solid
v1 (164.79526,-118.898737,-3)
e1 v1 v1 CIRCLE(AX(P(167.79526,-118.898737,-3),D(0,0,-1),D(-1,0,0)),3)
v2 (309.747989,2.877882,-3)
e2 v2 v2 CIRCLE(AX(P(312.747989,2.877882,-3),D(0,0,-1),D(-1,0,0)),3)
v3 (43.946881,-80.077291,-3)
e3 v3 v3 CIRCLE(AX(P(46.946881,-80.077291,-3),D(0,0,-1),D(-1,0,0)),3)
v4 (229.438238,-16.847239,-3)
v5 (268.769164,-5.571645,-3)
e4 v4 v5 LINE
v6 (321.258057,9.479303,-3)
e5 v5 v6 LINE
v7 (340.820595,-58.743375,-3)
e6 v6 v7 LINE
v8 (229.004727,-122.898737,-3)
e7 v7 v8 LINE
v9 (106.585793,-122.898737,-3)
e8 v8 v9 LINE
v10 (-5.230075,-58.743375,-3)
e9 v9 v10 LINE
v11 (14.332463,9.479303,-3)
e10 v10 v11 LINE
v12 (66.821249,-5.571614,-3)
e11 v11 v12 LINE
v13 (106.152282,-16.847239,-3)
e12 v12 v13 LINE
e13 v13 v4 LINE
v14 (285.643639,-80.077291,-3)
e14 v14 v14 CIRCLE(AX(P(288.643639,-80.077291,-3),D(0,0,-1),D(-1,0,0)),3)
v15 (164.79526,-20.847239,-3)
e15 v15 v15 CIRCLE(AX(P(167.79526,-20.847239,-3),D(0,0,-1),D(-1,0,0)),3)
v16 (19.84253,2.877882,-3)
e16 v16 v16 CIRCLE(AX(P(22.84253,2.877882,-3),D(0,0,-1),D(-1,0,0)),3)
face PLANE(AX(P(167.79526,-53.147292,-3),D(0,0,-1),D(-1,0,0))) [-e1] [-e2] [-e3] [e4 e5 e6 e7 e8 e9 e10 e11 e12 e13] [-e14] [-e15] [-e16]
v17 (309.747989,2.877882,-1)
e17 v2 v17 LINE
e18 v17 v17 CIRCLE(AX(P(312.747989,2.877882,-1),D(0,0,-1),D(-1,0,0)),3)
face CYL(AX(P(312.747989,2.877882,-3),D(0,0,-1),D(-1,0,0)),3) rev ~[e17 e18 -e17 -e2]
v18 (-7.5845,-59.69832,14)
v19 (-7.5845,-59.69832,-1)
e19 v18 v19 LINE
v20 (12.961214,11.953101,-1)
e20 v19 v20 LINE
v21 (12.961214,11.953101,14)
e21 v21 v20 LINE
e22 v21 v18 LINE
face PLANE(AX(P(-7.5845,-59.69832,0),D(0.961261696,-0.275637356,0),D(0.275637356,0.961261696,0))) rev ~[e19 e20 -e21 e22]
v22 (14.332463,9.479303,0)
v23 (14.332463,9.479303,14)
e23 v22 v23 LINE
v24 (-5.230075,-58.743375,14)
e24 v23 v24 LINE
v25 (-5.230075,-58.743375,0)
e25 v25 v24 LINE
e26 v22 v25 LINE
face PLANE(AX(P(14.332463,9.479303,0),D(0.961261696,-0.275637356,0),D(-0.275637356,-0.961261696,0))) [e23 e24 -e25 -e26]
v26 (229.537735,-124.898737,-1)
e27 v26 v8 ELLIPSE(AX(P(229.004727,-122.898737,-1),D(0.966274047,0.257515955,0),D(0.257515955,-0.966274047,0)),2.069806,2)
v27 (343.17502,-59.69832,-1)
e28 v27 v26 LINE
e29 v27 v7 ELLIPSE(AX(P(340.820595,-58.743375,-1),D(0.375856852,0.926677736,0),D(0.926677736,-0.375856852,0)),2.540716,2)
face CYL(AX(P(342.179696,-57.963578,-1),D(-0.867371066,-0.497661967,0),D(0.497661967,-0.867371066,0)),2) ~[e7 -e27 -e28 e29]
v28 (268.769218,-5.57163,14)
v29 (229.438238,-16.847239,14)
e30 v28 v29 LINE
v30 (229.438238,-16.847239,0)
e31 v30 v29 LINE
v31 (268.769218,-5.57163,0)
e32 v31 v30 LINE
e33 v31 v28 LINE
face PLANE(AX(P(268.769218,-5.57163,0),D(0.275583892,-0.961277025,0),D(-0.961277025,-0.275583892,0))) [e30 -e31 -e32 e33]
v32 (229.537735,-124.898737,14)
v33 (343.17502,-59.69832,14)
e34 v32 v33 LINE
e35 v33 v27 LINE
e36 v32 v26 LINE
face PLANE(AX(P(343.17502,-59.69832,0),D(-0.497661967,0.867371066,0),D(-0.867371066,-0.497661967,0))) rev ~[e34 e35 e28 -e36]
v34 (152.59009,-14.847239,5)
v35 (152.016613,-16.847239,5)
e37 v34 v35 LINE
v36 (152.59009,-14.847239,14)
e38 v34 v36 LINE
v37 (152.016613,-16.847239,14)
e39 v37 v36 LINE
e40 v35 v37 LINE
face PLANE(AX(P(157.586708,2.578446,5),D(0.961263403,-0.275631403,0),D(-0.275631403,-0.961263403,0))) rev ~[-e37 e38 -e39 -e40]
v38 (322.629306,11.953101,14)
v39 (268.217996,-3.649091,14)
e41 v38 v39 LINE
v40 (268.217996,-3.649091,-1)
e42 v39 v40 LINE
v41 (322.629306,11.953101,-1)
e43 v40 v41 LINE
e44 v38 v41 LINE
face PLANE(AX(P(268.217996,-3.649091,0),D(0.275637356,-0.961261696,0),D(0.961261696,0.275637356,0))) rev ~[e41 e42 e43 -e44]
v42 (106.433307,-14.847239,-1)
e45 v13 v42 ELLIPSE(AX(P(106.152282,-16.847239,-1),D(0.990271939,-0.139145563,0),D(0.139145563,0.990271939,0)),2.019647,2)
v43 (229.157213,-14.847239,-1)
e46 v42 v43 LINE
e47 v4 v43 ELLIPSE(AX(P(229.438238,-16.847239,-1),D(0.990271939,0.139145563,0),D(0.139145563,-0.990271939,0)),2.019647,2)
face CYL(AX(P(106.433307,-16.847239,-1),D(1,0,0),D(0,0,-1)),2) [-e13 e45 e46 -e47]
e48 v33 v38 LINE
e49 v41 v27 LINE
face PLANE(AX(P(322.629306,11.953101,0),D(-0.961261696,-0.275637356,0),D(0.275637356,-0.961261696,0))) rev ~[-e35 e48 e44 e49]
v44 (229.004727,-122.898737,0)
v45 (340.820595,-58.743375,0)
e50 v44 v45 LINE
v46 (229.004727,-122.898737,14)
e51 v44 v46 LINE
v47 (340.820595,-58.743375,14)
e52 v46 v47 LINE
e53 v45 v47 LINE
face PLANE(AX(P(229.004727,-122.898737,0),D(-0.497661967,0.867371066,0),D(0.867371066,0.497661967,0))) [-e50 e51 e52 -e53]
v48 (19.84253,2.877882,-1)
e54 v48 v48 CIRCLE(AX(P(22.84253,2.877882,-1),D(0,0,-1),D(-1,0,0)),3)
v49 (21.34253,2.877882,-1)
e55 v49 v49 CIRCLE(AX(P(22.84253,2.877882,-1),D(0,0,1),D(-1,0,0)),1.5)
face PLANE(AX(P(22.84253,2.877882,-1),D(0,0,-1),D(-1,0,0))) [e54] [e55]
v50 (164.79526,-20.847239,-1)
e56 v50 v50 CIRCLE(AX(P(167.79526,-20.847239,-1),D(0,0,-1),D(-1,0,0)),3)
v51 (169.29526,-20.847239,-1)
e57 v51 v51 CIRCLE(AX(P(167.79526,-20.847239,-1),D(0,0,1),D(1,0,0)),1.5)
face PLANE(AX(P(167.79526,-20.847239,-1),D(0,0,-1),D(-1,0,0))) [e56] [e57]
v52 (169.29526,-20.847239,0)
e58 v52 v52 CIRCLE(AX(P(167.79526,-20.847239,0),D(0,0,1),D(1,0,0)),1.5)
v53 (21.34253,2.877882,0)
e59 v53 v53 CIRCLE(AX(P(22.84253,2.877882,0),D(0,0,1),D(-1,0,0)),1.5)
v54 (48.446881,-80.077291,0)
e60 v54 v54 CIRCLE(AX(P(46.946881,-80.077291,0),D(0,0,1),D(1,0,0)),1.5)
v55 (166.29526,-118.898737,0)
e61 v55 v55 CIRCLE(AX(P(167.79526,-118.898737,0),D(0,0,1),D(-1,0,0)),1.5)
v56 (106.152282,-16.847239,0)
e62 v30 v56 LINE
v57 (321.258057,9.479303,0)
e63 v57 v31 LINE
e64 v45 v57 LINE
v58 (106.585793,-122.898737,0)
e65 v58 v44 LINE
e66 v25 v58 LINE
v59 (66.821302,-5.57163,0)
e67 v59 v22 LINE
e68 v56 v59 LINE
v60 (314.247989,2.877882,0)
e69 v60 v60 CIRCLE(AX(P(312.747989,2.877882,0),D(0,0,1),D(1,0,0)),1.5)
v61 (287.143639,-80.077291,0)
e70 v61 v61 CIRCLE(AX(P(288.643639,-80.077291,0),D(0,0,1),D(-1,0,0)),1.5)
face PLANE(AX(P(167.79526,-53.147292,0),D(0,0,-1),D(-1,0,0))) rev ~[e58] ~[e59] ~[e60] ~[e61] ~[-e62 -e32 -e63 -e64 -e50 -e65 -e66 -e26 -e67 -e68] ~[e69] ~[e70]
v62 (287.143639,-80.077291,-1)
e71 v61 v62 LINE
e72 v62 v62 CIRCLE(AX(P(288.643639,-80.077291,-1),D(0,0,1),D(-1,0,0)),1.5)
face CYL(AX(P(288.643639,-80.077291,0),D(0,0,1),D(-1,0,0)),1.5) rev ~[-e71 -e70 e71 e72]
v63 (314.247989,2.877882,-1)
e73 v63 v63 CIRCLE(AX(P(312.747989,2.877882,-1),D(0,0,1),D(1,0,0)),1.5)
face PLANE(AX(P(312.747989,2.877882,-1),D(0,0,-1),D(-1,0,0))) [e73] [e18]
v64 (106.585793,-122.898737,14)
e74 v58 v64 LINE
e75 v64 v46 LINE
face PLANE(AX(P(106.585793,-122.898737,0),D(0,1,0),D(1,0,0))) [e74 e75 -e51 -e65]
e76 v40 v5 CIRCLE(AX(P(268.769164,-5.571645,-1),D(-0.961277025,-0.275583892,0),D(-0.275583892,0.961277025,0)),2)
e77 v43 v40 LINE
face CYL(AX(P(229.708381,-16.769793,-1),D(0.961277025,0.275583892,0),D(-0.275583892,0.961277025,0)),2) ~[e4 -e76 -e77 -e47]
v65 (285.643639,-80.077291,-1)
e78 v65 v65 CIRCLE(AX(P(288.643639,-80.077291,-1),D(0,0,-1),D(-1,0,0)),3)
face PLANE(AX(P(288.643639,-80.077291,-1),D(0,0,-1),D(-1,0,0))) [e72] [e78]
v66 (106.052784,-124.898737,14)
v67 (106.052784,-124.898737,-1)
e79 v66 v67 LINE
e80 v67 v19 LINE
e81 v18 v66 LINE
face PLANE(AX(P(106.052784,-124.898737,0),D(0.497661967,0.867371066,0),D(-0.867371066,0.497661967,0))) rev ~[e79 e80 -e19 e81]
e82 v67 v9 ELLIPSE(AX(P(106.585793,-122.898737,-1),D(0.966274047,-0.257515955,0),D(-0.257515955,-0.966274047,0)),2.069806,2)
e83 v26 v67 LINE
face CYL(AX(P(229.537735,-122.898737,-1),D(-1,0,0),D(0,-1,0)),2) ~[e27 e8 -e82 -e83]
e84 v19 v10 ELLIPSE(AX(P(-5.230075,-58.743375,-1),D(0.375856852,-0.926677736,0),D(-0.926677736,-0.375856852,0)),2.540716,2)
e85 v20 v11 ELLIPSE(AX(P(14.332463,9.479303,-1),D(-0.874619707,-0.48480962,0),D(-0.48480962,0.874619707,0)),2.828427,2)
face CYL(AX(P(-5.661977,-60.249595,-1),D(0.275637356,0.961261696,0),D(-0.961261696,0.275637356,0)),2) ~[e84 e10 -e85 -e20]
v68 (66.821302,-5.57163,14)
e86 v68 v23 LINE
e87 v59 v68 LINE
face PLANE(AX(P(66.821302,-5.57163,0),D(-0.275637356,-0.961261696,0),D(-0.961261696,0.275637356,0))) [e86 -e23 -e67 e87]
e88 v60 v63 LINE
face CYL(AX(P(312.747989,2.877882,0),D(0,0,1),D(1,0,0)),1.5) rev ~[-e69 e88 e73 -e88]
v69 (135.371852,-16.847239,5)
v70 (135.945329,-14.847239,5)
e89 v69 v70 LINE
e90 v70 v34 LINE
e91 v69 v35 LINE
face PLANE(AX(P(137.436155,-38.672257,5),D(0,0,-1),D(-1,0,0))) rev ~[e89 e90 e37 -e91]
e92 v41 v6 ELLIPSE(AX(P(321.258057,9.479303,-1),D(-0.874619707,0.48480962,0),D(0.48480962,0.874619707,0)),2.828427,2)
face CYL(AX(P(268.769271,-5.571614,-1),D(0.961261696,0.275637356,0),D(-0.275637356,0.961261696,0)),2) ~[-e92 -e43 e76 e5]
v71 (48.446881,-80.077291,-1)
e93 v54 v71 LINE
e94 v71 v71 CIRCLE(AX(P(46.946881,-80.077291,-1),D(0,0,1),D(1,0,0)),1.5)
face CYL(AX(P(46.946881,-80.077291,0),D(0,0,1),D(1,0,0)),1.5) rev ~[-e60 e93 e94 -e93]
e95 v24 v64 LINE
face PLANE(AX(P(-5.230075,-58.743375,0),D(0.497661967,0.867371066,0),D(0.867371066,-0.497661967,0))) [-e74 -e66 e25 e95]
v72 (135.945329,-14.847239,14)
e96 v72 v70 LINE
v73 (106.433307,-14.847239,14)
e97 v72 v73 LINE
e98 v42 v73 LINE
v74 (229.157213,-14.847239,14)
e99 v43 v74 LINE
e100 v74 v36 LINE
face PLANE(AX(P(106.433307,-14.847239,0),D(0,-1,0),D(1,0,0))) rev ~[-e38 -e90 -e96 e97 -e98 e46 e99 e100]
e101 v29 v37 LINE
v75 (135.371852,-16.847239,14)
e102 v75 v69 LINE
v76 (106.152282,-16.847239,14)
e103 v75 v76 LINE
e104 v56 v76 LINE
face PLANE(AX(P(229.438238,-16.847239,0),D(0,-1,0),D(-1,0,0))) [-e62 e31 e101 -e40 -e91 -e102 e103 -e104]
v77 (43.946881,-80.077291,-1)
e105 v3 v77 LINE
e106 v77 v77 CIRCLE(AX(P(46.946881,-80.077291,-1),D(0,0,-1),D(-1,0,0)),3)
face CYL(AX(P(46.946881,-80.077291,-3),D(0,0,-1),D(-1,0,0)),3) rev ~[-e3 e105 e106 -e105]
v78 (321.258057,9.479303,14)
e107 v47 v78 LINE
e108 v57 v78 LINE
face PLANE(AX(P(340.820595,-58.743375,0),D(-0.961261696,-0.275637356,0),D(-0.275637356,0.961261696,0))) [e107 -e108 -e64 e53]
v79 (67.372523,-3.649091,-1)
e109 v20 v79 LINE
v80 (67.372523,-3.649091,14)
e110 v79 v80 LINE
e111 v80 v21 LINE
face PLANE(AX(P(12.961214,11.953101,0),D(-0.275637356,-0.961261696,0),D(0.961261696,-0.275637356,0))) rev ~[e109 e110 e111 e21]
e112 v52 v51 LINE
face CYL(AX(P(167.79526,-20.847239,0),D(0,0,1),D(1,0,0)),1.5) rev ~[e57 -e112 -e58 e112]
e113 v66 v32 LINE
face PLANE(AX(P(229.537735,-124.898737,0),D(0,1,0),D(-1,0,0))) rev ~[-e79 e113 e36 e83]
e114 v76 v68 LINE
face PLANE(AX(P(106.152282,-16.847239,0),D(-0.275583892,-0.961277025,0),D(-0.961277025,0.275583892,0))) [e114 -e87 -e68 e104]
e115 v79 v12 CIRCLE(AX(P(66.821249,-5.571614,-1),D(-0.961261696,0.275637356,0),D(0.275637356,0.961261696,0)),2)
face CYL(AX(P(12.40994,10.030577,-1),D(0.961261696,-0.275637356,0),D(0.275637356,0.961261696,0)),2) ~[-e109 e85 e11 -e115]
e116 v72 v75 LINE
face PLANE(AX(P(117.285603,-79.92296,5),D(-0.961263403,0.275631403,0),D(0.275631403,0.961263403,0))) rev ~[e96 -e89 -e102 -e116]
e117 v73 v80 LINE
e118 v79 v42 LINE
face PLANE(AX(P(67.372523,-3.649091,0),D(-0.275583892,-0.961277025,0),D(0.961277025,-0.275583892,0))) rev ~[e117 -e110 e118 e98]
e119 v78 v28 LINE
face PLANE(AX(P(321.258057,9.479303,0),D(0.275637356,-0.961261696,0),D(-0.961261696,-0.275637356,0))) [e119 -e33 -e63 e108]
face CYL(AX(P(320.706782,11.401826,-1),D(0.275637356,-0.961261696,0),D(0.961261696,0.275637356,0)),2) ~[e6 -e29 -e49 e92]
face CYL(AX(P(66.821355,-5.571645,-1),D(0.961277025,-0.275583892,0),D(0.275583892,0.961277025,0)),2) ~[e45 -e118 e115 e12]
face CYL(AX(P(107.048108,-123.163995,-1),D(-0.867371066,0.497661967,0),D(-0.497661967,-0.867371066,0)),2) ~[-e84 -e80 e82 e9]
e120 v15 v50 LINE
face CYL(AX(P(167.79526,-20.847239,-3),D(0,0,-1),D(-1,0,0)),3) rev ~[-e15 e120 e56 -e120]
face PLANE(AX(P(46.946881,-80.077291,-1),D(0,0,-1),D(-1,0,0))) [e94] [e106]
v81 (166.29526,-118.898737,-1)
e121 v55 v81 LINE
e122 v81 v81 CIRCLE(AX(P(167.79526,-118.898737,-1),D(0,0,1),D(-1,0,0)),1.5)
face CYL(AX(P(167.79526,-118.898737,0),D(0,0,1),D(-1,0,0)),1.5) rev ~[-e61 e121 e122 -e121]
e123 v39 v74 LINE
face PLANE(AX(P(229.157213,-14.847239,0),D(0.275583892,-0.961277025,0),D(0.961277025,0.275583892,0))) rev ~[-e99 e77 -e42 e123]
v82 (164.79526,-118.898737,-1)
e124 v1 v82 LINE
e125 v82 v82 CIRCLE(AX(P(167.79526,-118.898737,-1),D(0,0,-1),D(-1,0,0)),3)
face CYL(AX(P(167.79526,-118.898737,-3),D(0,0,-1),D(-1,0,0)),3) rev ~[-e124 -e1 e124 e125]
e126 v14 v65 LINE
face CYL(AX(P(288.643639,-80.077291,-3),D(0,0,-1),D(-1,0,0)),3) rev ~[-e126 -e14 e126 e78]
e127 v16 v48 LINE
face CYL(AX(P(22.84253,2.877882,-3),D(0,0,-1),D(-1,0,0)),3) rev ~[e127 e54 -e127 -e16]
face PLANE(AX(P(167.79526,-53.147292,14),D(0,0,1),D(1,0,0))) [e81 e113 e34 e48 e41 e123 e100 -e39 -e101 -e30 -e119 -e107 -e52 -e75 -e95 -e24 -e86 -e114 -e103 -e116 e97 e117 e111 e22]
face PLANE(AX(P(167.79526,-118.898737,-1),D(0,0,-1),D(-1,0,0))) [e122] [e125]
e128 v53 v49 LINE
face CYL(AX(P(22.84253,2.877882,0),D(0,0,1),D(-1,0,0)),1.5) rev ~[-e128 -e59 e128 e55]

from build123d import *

# Parameters (mm, degrees)
BOSS_EXTRU_1_DEPTH      = 14
BOSS_EXTRU_2_DEPTH      = 3
CONG_1_R                = 2
ENL_V_START             = 5
ENL_V_MAT_EXTRU_1_DEPTH = 10
ESQUISSE7_R             = 1.5
ENL_V_MAT_EXTRU_2_DEPTH = 10
ESQUISSE8_R             = 3
ENL_V_MAT_EXTRU_3_DEPTH = 2


with BuildPart() as part:
    # Esquisse1 → Boss.-Extru.1 (new body)
    with BuildSketch(Plane.XY):
        Polygon((229.15721289, -14.84723942), (106.433306853, -14.84723942), (67.372523259, -3.649091023), (12.961214213, 11.953100779), (-7.58450021, -59.698320459), (106.05278448, -124.898736851), (229.537735263, -124.898736851), (343.175019953, -59.698320459), (322.62930553, 11.953100779), (268.217996484, -3.649091023), align=None)
        Polygon((229.438237844, -16.84723942), (106.152281899, -16.84723942), (66.821302011, -5.571629745), (14.332462893, 9.479302675), (-5.230075099, -58.743374877), (106.585792597, -122.898736851), (229.004727146, -122.898736851), (340.820594842, -58.743374877), (321.25805685, 9.479302675), (268.769217732, -5.571629745), align=None, mode=Mode.SUBTRACT)
    extrude(amount=BOSS_EXTRU_1_DEPTH)

    # Esquisse2 → Boss.-Extru.2 (add)
    with BuildSketch(Plane(origin=(0, 0, 0), x_dir=(-1, 0, 0), z_dir=(0, 0, -1))):
        Polygon((-229.15721289, -14.84723942), (-268.217996484, -3.649091023), (-322.62930553, 11.953100779), (-343.175019953, -59.698320459), (-229.537735263, -124.898736851), (-106.05278448, -124.898736851), (7.58450021, -59.698320459), (-12.961214213, 11.953100779), (-67.372523259, -3.649091023), (-106.433306853, -14.84723942), align=None)
    extrude(amount=BOSS_EXTRU_2_DEPTH)

    # Congé1
    cong_1_edges = [part.edges().sort_by_distance(p)[0] for p in [
        (167.795259872, -14.84723942, -3),
        (248.687604687, -9.248165222, -3),
        (295.423651007, 4.152004878, -3),
        (332.902162742, -23.87260984, -3),
        (286.356377608, -92.298528655, -3),
        (167.795259872, -124.898736851, -3),
        (49.234142135, -92.298528655, -3),
        (2.688357001, -23.87260984, -3),
        (40.166868736, 4.152004878, -3),
        (86.902915056, -9.248165222, -3),
    ]]
    fillet(cong_1_edges, radius=CONG_1_R)

    # Esquisse3 → Enlèv. mat.-Extru.1 (cut)
    with BuildSketch(Plane.XY.offset(ENL_V_START)):
        Polygon((142.206494045, 6.988548589), (157.586708491, 2.578446141), (132.665816954, -84.333062282), (117.285602508, -79.922959834), align=None)
    extrude(amount=ENL_V_MAT_EXTRU_1_DEPTH, mode=Mode.SUBTRACT)

    # Esquisse7 → Enlèv. mat.-Extru.2 (cut)
    with BuildSketch(Plane.XY):
        with Locations((312.747989314, 2.877882334)):
            Circle(ESQUISSE7_R)
        with Locations((167.795259872, -20.84723942)):
            Circle(ESQUISSE7_R)
        with Locations(Location((22.842530429, 2.877882334, 0), (0, 0, 180))):
            Circle(ESQUISSE7_R)
        with Locations(Location((167.795259872, -118.898736851, 0), (0, 0, 180))):
            Circle(ESQUISSE7_R)
        with Locations((46.946880967, -80.077290604)):
            Circle(ESQUISSE7_R)
        with Locations(Location((288.643638776, -80.077290604, 0), (0, 0, 180))):
            Circle(ESQUISSE7_R)
    extrude(amount=-ENL_V_MAT_EXTRU_2_DEPTH, mode=Mode.SUBTRACT)

    # Esquisse8 → Enlèv. mat.-Extru.3 (cut)
    with BuildSketch(Plane(origin=(0, 0, -3), x_dir=(-1, 0, 0), z_dir=(0, 0, -1))):
        with Locations((-22.842530429, 2.877882334)):
            Circle(ESQUISSE8_R)
        with Locations((-46.946880967, -80.077290604)):
            Circle(ESQUISSE8_R)
        with Locations((-167.795259872, -118.898736851)):
            Circle(ESQUISSE8_R)
        with Locations((-167.795259872, -20.84723942)):
            Circle(ESQUISSE8_R)
        with Locations((-288.643638776, -80.077290604)):
            Circle(ESQUISSE8_R)
        with Locations((-312.747989314, 2.877882334)):
            Circle(ESQUISSE8_R)
    extrude(amount=-ENL_V_MAT_EXTRU_3_DEPTH, mode=Mode.SUBTRACT)


solid = part.part
